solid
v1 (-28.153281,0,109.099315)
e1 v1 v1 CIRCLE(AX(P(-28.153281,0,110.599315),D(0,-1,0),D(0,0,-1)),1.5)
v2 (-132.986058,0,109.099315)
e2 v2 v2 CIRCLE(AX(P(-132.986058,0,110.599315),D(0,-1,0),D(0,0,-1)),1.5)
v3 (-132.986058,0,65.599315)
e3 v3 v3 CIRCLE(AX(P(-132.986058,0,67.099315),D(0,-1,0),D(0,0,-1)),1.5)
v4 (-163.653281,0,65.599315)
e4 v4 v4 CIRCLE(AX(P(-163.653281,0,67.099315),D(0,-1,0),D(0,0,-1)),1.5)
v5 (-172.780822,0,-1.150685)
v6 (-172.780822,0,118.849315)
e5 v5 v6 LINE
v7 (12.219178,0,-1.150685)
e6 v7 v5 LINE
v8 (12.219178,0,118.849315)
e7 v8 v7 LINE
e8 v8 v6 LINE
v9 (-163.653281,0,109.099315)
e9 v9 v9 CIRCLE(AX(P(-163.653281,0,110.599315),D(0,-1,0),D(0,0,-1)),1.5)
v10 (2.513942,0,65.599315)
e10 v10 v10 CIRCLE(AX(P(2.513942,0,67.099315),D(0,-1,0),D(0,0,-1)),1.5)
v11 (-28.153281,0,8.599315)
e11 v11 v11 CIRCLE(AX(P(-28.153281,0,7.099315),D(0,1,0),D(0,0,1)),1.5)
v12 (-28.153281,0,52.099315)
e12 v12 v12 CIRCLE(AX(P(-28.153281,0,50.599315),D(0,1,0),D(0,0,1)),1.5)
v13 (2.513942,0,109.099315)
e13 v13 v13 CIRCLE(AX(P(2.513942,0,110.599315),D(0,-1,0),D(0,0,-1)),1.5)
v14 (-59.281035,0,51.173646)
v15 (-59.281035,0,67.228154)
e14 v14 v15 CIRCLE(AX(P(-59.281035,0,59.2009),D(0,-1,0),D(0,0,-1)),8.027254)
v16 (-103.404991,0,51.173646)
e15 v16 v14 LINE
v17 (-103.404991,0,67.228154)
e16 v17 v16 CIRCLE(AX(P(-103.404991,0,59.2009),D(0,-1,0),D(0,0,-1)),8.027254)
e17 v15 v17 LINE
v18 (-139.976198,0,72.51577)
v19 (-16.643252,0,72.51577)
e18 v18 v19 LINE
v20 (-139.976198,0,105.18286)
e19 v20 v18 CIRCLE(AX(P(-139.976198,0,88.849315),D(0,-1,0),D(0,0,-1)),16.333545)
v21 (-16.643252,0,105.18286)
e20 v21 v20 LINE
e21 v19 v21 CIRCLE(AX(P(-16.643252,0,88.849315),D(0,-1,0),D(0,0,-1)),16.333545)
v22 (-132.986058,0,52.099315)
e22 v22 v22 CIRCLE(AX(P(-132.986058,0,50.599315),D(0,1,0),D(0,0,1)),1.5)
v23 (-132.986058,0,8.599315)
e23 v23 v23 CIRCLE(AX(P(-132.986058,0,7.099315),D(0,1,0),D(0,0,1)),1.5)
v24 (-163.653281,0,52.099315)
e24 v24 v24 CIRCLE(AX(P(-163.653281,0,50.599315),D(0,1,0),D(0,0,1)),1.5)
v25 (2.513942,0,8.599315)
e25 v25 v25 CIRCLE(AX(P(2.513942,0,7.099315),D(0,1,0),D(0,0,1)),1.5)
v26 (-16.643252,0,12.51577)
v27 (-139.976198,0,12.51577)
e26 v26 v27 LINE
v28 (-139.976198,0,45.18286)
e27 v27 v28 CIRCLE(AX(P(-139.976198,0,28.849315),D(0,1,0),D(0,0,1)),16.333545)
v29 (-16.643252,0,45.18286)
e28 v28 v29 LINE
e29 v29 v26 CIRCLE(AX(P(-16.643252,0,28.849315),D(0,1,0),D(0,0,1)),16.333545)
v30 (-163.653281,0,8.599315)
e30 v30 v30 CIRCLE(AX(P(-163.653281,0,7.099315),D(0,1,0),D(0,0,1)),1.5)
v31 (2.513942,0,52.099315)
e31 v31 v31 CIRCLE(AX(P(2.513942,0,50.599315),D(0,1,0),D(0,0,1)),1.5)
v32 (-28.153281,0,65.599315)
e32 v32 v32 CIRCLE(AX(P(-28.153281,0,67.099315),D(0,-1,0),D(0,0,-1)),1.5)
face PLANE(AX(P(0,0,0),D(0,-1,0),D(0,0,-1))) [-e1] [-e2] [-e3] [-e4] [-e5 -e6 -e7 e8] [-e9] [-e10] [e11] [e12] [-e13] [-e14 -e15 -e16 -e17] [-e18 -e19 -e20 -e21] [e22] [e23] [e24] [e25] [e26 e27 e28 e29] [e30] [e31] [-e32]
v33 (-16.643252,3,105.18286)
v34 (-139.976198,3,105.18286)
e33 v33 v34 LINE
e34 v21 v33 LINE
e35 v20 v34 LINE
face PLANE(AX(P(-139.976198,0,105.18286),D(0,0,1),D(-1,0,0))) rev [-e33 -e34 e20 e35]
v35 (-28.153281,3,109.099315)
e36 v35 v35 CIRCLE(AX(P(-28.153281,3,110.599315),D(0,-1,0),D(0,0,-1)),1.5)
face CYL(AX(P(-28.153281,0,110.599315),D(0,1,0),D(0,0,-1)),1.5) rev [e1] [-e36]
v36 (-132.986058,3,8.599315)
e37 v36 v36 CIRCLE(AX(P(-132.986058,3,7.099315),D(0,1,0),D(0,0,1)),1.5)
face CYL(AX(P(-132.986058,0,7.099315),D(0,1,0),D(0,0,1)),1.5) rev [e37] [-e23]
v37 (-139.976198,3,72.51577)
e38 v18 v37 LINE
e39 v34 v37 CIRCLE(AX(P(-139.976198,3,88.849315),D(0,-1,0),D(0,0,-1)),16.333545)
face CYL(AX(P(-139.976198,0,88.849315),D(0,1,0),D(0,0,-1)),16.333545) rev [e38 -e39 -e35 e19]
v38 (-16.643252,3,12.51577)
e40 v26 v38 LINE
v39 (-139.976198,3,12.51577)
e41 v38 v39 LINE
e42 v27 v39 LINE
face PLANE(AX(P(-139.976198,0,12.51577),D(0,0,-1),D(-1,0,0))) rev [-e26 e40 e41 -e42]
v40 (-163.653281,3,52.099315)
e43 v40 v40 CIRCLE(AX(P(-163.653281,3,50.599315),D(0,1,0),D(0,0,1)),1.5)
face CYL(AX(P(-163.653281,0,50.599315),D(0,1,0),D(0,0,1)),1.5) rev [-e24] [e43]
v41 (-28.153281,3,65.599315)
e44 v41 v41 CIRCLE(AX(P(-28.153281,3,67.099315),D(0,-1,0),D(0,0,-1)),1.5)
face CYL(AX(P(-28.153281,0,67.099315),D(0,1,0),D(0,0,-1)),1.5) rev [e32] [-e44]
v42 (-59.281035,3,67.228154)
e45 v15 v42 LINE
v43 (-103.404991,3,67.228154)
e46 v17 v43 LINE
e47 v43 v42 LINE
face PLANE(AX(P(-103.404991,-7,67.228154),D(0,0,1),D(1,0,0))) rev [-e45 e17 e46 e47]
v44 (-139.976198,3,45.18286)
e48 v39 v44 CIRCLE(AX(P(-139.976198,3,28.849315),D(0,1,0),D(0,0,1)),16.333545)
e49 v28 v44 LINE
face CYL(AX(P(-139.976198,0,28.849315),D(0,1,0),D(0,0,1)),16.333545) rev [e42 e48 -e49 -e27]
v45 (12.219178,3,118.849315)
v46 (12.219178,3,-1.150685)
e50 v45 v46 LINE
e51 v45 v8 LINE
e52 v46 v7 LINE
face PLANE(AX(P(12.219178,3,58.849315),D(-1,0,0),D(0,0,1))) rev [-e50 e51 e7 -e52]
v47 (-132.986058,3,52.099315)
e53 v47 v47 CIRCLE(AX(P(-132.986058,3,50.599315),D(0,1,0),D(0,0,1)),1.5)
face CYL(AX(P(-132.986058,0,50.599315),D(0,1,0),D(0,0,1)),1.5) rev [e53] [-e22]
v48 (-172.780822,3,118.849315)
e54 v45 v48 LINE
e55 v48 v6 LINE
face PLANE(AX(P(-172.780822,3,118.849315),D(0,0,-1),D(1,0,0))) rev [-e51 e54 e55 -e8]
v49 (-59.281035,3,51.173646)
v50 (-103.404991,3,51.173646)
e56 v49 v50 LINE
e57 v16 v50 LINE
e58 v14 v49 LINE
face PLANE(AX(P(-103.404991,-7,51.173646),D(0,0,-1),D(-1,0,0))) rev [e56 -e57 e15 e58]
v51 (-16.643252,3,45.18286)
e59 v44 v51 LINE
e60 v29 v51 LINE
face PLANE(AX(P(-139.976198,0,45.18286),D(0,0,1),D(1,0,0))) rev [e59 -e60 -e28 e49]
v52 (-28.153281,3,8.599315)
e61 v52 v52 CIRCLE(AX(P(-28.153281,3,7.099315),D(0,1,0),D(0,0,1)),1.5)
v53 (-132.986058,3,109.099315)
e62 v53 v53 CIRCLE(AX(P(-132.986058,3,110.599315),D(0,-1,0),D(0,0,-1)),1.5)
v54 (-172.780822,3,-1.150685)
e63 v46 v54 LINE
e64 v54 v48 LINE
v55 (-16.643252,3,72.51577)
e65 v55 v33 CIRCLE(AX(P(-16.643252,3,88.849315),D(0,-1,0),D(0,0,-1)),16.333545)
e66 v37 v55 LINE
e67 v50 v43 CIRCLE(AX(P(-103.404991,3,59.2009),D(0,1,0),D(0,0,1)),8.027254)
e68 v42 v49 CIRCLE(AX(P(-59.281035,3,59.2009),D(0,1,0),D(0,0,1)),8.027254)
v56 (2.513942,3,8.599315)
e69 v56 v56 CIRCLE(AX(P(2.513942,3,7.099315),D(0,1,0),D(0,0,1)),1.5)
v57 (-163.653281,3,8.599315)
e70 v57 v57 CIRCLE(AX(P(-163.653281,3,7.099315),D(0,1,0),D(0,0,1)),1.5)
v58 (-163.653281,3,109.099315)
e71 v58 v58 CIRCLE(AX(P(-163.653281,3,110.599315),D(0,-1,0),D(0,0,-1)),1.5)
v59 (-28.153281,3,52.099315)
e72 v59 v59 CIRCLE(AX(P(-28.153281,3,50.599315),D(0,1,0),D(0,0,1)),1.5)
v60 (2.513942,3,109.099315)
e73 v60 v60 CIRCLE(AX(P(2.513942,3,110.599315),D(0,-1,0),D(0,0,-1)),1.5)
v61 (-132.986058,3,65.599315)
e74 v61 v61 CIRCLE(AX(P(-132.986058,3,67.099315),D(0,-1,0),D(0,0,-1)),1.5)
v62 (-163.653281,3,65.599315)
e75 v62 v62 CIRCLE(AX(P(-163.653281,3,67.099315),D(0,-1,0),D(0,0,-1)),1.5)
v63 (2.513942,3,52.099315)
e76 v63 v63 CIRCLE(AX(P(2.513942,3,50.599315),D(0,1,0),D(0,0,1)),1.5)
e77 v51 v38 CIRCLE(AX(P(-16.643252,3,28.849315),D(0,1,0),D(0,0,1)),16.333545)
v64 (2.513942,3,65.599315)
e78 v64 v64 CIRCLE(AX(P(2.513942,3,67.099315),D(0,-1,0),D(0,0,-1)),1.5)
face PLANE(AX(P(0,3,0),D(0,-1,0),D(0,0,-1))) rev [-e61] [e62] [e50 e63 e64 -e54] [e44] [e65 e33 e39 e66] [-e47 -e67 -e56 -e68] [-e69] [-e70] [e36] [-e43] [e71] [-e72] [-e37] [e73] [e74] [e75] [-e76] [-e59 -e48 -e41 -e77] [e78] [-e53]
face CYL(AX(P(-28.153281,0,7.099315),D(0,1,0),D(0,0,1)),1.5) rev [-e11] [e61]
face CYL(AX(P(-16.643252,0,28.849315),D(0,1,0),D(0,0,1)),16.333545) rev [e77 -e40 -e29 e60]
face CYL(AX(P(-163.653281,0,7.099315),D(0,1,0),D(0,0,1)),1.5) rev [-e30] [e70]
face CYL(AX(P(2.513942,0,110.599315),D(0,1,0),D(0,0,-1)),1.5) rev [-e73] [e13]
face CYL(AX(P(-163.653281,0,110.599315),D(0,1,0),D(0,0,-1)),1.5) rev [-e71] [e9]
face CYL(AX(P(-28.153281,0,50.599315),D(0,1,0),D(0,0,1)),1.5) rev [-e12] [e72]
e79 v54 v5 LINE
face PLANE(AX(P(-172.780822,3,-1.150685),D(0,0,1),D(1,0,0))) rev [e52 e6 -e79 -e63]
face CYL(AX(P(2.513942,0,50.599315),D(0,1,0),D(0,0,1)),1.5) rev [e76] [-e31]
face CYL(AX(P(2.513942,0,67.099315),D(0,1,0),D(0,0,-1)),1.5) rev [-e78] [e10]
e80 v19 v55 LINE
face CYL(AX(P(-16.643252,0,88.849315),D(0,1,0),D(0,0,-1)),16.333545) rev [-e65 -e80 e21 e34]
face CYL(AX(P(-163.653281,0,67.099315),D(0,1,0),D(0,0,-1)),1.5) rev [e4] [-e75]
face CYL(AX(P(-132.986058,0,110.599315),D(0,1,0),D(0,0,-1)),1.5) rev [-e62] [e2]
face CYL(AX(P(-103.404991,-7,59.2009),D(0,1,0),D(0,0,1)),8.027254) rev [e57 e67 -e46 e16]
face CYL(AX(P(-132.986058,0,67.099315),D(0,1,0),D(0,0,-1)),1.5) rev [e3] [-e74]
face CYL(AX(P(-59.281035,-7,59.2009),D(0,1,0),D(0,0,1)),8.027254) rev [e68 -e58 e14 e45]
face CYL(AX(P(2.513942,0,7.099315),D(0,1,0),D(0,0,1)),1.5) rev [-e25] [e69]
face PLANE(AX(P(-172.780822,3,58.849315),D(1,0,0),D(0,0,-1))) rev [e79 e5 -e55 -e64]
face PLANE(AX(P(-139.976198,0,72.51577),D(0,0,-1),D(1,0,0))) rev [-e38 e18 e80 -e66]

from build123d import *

# Parameters (mm, degrees)
SKETCH1_W           = 185
SKETCH1_H           = 60
BOSS_EXTRUDE1_DEPTH = 3
SKETCH2_R           = 1.5
CUT_EXTRUDE1_DEPTH  = 3
CUT_EXTRUDE2_DEPTH  = 10


with BuildPart() as part:
    # Sketch1 → Boss-Extrude1 (new body)
    with BuildSketch(Plane(origin=(0, 0, 0), x_dir=(1, 0, 0), z_dir=(0, 1, 0))):
        with Locations((-80.280821918, -28.849315068)):
            Rectangle(SKETCH1_W, SKETCH1_H)
    extrude(amount=BOSS_EXTRUDE1_DEPTH)

    # Sketch2 → Cut-Extrude1 (cut)
    with BuildSketch(Plane(origin=(0, 3, 0), x_dir=(1, 0, 0), z_dir=(0, 1, 0))):
        with Locations((-163.653280502, -7.099315068)):
            Circle(SKETCH2_R)
        with Locations((-163.653280502, -50.599315068)):
            Circle(SKETCH2_R)
        with Locations((-28.153280502, -50.599315068)):
            Circle(SKETCH2_R)
        with Locations((-28.153280502, -7.099315068)):
            Circle(SKETCH2_R)
        with Locations((-132.986057559, -7.099315068)):
            Circle(SKETCH2_R)
        with Locations((-132.986057559, -50.599315068)):
            Circle(SKETCH2_R)
        with Locations((2.513942441, -50.599315068)):
            Circle(SKETCH2_R)
        with Locations((2.513942441, -7.099315068)):
            Circle(SKETCH2_R)
        with BuildLine():
            Line((-139.976197673, -12.515770436), (-16.64325173, -12.515770436))
            ThreePointArc((-16.64325173, -12.515770436), (-0.309707097, -28.849315068), (-16.64325173, -45.182859701))
            Line((-16.64325173, -45.182859701), (-139.976197673, -45.182859701))
            ThreePointArc((-139.976197673, -45.182859701), (-156.309742305, -28.849315068), (-139.976197673, -12.515770436))
        make_face()
    extrude(amount=-CUT_EXTRUDE1_DEPTH, mode=Mode.SUBTRACT)

    # Mirror1: part across plane


with BuildPart() as part_1:
    add(part.part)
    add(part.part.mirror(Plane(origin=(-172.780821918, 3, 58.849315068), x_dir=(1, 0, 0), z_dir=(0, 0, -1))))

    # Sketch3 → Cut-Extrude2 (cut)
    with BuildSketch(Plane(origin=(0, 3, 0), x_dir=(1, 0, 0), z_dir=(0, 1, 0))):
        with BuildLine():
            Line((-103.404990518, -51.173645659), (-59.281035157, -51.173645659))
            ThreePointArc((-59.281035157, -51.173645659), (-51.253781089, -59.200899728), (-59.281035157, -67.228153796))
            Line((-59.281035157, -67.228153796), (-103.404990518, -67.228153796))
            ThreePointArc((-103.404990518, -67.228153796), (-111.432244586, -59.200899728), (-103.404990518, -51.173645659))
        make_face()
    extrude(amount=-CUT_EXTRUDE2_DEPTH, mode=Mode.SUBTRACT)


solid = part_1.part
